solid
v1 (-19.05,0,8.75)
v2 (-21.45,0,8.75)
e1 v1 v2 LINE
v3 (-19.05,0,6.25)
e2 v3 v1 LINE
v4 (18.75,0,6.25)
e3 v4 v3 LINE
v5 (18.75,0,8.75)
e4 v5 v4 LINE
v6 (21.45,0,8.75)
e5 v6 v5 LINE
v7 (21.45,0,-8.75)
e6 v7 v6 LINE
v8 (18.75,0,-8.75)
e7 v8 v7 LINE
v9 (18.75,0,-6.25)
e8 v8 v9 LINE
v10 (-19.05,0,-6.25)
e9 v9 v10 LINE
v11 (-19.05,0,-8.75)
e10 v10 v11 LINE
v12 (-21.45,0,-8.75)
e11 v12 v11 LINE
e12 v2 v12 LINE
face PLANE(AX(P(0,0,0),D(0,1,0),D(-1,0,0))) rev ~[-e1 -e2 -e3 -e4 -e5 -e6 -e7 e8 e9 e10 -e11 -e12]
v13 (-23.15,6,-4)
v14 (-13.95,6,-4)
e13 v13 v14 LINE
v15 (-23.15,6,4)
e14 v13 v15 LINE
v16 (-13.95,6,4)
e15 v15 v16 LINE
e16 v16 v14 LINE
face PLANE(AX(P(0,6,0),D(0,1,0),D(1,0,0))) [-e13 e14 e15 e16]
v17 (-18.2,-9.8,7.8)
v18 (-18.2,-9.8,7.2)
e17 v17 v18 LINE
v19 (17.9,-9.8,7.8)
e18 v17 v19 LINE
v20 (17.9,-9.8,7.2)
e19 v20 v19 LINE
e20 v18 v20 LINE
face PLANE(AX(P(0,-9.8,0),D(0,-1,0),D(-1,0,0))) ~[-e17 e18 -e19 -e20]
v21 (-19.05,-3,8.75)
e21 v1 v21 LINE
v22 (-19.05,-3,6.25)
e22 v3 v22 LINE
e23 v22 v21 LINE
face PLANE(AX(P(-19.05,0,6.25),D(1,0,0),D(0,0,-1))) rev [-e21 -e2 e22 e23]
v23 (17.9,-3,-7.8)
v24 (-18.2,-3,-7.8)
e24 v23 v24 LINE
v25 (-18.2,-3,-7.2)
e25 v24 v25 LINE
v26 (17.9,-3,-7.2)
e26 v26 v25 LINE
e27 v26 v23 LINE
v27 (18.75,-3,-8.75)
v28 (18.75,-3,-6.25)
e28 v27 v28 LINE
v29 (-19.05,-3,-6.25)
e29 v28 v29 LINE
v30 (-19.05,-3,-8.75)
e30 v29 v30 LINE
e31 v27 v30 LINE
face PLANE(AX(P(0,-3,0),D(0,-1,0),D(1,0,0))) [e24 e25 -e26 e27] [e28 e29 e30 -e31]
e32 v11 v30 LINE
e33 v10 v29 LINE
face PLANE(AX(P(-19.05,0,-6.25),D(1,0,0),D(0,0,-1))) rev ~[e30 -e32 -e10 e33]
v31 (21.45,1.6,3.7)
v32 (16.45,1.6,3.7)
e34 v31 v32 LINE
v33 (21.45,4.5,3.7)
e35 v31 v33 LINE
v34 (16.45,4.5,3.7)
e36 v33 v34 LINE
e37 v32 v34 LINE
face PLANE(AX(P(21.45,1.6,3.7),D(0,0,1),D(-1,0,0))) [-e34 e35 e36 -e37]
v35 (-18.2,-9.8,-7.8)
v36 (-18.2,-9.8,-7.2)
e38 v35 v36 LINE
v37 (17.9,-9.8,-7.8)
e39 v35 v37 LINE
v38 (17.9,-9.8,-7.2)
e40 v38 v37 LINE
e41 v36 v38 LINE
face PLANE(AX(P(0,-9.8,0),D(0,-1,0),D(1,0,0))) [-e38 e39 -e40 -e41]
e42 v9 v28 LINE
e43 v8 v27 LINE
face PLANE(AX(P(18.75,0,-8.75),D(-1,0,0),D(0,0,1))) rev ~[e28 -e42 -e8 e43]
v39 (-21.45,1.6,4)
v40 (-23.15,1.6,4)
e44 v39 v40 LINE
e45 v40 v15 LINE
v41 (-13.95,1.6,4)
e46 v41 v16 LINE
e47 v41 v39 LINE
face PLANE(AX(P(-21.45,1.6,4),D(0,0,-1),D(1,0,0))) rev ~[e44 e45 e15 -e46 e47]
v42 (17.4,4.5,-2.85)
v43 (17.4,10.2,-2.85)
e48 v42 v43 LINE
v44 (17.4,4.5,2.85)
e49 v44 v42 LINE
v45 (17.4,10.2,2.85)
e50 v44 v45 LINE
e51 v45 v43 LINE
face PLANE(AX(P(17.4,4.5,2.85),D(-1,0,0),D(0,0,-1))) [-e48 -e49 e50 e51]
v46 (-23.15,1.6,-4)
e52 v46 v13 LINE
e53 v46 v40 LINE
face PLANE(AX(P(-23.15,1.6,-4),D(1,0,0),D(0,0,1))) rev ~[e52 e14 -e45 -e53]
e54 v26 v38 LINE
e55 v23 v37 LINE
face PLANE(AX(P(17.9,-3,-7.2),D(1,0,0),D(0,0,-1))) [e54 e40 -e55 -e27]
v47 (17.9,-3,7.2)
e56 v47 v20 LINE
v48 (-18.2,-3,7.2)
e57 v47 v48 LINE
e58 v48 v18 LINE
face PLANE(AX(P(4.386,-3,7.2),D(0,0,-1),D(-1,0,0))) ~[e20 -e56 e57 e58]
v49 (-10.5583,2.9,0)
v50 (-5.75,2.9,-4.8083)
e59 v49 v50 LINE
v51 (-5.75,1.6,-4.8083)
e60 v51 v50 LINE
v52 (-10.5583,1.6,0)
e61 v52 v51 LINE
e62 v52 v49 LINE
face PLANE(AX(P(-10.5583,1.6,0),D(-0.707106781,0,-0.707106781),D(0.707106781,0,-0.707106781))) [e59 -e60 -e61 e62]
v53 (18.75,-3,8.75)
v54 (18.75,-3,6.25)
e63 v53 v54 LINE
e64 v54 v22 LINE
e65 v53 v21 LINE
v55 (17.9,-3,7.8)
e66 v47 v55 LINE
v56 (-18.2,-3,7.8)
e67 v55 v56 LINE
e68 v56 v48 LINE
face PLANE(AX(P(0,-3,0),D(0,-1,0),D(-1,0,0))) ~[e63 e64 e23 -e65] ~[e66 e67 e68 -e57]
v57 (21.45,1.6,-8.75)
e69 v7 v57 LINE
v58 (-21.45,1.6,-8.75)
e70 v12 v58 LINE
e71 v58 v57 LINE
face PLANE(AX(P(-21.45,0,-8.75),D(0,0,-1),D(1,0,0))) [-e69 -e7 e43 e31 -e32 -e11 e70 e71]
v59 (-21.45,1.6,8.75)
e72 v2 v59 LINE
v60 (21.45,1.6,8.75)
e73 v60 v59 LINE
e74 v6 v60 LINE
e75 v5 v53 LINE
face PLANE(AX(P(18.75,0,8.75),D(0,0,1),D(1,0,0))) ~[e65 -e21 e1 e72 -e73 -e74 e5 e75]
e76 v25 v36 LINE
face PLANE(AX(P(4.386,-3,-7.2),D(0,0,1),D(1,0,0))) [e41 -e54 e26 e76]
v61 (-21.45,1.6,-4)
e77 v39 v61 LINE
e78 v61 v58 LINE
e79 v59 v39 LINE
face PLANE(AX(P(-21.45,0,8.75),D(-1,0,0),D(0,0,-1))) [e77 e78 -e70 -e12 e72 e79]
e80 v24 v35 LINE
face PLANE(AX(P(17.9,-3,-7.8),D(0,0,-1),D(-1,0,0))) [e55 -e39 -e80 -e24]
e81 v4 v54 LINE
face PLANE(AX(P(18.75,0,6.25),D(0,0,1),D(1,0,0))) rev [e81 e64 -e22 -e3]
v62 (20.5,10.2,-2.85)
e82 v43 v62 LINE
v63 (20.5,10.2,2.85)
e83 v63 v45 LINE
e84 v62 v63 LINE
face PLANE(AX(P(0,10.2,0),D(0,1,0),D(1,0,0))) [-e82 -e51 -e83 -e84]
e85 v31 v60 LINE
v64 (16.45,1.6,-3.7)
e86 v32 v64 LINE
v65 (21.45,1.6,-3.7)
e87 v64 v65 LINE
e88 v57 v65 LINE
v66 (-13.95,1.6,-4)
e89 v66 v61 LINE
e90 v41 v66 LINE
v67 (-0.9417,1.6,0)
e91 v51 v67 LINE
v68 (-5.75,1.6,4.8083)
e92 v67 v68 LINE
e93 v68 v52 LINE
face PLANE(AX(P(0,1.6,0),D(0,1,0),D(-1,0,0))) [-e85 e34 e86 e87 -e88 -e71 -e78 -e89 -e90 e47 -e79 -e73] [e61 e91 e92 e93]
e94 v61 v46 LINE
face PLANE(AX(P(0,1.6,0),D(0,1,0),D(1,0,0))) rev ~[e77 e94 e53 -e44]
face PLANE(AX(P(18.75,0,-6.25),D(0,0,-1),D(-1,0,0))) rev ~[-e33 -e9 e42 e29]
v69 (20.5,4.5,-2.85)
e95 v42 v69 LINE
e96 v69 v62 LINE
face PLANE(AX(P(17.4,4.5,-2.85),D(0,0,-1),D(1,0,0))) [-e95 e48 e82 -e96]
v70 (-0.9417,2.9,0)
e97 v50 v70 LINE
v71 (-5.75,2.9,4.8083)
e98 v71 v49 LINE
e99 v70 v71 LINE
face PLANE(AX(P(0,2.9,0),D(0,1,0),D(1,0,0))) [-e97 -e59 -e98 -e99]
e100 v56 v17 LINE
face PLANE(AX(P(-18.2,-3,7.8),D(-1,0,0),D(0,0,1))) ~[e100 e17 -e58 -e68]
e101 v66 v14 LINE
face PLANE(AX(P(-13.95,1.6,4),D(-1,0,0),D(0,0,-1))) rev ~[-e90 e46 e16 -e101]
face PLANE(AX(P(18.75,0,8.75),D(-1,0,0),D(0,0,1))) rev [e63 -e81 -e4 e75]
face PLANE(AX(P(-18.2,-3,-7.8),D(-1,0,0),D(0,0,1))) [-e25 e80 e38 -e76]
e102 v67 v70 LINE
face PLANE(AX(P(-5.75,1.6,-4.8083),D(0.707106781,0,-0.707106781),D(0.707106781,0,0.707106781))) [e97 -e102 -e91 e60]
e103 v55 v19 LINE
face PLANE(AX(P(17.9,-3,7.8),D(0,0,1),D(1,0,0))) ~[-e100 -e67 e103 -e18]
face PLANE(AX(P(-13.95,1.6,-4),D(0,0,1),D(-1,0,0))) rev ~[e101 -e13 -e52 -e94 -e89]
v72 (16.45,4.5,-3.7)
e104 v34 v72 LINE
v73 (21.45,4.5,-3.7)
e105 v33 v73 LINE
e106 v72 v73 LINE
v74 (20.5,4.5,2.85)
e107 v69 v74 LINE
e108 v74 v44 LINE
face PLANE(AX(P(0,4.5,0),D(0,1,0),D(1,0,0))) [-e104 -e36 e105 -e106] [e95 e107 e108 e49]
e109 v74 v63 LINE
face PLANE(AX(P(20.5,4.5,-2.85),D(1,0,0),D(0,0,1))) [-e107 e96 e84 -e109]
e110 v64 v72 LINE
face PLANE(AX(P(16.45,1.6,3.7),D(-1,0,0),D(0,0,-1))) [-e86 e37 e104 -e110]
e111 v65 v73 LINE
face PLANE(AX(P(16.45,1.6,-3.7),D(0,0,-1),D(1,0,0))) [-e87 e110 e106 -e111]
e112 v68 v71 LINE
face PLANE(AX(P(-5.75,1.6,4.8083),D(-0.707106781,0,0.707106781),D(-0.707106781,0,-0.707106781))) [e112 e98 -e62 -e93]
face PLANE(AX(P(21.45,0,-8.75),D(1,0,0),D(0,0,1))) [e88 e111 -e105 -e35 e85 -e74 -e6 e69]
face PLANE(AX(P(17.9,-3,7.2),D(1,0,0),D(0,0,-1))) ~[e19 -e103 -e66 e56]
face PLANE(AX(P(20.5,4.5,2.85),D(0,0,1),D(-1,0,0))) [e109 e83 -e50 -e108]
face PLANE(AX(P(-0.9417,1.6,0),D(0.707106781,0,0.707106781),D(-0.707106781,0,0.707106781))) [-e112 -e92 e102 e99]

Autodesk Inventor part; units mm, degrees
ref_plane "YZ Plane" through (0, 0, 0) normal (1, 0, 0) x (0, 1, 0)
ref_plane "XZ Plane" through (0, 0, 0) normal (0, 1, 0) x (-1, 0, 0)
sketch "Sketch1" plane through (0, 0, 0) normal (0, 1, 0) x (-1, 0, 0)
  line L0 (-21.45, 8.75) -> (21.45, 8.75)
  line L1 (21.45, 8.75) -> (21.45, -8.75)
  line L2 (21.45, -8.75) -> (-21.45, -8.75)
  line L3 (-21.45, -8.75) -> (-21.45, 8.75)
  line L4 (-21.45, 8.75) -> (21.45, -8.75) construction
  line L5 (21.45, 8.75) -> (-21.45, -8.75) construction
  point P0 (0, 0)
  dimension "d0" = 42.9
  dimension "d1" = 17.5
extrude "Extrusion1" add sketch "Sketch1" along normal blind 1.6
sketch "Sketch2" plane through (0, 0, 0) normal (0, -1, 0) x (1, 0, 0)
  line L0 (21.45, -8.75) -> (-21.45, -8.75) projected
  line L1 (-21.45, -8.75) -> (-19.05, -8.75)
  line L2 (-19.05, -8.75) -> (18.75, -8.75)
  line L3 (18.75, -8.75) -> (18.75, -6.25)
  line L4 (18.75, -6.25) -> (-19.05, -6.25)
  line L5 (-19.05, -6.25) -> (-19.05, -8.75)
  point P0 (0, 0)
  dimension "d4" = 2.4
  dimension "d5" = 37.8
  dimension "d6" = 2.5
extrude "Extrusion2" add sketch "Sketch2" along normal blind 3
ref_plane "Work Plane1" through (21.45, 1.6, 0) normal (0, 0, -1) x (-1, 0, 0)
sketch "Sketch3" plane through (0, -3, 0) normal (0, -1, 0) x (1, 0, 0)
  line L0 (18.75, -6.25) -> (-19.05, -6.25) projected
  line L1 (-19.05, -8.75) -> (18.75, -8.75) projected
  line L2 (18.75, -6.25) -> (-19.05, -8.75)
  line L3 (18.75, -8.75) -> (-19.05, -6.25)
  line L4 (-18.2, -7.2) -> (17.9, -7.2)
  line L5 (17.9, -7.2) -> (17.9, -7.8)
  line L6 (17.9, -7.8) -> (-18.2, -7.8)
  line L7 (-18.2, -7.8) -> (-18.2, -7.2)
  line L8 (-18.2, -7.2) -> (17.9, -7.8) construction
  line L9 (17.9, -7.2) -> (-18.2, -7.8) construction
  point P0 (0, 0)
  point P1 (-0.15, -7.5)
  dimension "d10" = 36.1
  dimension "d11" = 0.6
extrude "Extrusion3" add sketch "Sketch3" along normal blind 6.8 contours L4 L5 L6 L3 L2 | L2 L3 L4 | L3 L2 L6 L7 L4 | L3 L6 L2
mirror "Mirror1" about plane through (21.45, 1.6, 0) normal (0, 0, -1) of "Extrusion3", "Extrusion2"
sketch "Sketch4" plane through (0, 1.6, 0) normal (0, 1, 0) x (1, 0, 0)
  line L0 (-21.45, 8.75) -> (-21.45, -8.75) projected
  line L1 (-10.5583, 0) -> (-5.75, 4.8083)
  line L2 (-5.75, 4.8083) -> (-0.9417, 0)
  line L3 (-0.9417, 0) -> (-5.75, -4.8083)
  line L4 (-5.75, -4.8083) -> (-10.5583, 0)
  point P0 (0, 0)
  point P1 (-5.75, 0)
  dimension "d15" = 6.8
extrude "Extrusion4" add sketch "Sketch4" along normal blind 1.3
sketch "Sketch5" plane through (0, 1.6, 0) normal (0, 1, 0) x (1, 0, 0)
  line L0 (21.45, -8.75) -> (21.45, 8.75) projected
  line L1 (21.45, -3.7) -> (16.45, -3.7)
  line L2 (16.45, -3.7) -> (16.45, 3.7)
  line L3 (16.45, 3.7) -> (21.45, 3.7)
  line L4 (21.45, 3.7) -> (21.45, -3.7)
  line L5 (21.45, -3.7) -> (16.45, 3.7) construction
  line L6 (16.45, -3.7) -> (21.45, 3.7) construction
  point P0 (0, 0)
  dimension "d19" = 5
  dimension "d20" = 7.4
extrude "Extrusion5" add sketch "Sketch5" along normal blind 2.9
sketch "Sketch6" plane through (0, 4.5, 0) normal (0, 1, 0) x (1, 0, 0)
  line L0 (16.45, -3.7) -> (21.45, -3.7) projected
  line L1 (21.45, -8.75) -> (21.45, 8.75) projected
  line L2 (21.45, 3.7) -> (16.45, 3.7) projected
  line L3 (20.5, -2.85) -> (17.4, -2.85)
  line L4 (17.4, -2.85) -> (17.4, 2.85)
  line L5 (17.4, 2.85) -> (20.5, 2.85)
  line L6 (20.5, 2.85) -> (20.5, -2.85)
  line L7 (20.5, -2.85) -> (17.4, 2.85) construction
  line L8 (17.4, -2.85) -> (20.5, 2.85) construction
  point P0 (0, 0)
  point P1 (18.95, 0)
  dimension "d23" = 3.1
  dimension "d24" = 5.7
extrude "Extrusion6" add sketch "Sketch6" along normal blind 5.7
sketch "Sketch7" plane through (0, 1.6, 0) normal (0, 1, 0) x (1, 0, 0)
  line L0 (-21.45, 8.75) -> (-21.45, -8.75) projected
  line L1 (-13.95, 4) -> (-23.15, 4)
  line L2 (-23.15, 4) -> (-23.15, -4)
  line L3 (-23.15, -4) -> (-13.95, -4)
  line L4 (-13.95, -4) -> (-13.95, 4)
  point P0 (0, 0)
  dimension "d29" = 9.2
  dimension "d30" = 8
extrude "Extrusion7" add sketch "Sketch7" along normal blind 4.4
properties part number "Arduino"
